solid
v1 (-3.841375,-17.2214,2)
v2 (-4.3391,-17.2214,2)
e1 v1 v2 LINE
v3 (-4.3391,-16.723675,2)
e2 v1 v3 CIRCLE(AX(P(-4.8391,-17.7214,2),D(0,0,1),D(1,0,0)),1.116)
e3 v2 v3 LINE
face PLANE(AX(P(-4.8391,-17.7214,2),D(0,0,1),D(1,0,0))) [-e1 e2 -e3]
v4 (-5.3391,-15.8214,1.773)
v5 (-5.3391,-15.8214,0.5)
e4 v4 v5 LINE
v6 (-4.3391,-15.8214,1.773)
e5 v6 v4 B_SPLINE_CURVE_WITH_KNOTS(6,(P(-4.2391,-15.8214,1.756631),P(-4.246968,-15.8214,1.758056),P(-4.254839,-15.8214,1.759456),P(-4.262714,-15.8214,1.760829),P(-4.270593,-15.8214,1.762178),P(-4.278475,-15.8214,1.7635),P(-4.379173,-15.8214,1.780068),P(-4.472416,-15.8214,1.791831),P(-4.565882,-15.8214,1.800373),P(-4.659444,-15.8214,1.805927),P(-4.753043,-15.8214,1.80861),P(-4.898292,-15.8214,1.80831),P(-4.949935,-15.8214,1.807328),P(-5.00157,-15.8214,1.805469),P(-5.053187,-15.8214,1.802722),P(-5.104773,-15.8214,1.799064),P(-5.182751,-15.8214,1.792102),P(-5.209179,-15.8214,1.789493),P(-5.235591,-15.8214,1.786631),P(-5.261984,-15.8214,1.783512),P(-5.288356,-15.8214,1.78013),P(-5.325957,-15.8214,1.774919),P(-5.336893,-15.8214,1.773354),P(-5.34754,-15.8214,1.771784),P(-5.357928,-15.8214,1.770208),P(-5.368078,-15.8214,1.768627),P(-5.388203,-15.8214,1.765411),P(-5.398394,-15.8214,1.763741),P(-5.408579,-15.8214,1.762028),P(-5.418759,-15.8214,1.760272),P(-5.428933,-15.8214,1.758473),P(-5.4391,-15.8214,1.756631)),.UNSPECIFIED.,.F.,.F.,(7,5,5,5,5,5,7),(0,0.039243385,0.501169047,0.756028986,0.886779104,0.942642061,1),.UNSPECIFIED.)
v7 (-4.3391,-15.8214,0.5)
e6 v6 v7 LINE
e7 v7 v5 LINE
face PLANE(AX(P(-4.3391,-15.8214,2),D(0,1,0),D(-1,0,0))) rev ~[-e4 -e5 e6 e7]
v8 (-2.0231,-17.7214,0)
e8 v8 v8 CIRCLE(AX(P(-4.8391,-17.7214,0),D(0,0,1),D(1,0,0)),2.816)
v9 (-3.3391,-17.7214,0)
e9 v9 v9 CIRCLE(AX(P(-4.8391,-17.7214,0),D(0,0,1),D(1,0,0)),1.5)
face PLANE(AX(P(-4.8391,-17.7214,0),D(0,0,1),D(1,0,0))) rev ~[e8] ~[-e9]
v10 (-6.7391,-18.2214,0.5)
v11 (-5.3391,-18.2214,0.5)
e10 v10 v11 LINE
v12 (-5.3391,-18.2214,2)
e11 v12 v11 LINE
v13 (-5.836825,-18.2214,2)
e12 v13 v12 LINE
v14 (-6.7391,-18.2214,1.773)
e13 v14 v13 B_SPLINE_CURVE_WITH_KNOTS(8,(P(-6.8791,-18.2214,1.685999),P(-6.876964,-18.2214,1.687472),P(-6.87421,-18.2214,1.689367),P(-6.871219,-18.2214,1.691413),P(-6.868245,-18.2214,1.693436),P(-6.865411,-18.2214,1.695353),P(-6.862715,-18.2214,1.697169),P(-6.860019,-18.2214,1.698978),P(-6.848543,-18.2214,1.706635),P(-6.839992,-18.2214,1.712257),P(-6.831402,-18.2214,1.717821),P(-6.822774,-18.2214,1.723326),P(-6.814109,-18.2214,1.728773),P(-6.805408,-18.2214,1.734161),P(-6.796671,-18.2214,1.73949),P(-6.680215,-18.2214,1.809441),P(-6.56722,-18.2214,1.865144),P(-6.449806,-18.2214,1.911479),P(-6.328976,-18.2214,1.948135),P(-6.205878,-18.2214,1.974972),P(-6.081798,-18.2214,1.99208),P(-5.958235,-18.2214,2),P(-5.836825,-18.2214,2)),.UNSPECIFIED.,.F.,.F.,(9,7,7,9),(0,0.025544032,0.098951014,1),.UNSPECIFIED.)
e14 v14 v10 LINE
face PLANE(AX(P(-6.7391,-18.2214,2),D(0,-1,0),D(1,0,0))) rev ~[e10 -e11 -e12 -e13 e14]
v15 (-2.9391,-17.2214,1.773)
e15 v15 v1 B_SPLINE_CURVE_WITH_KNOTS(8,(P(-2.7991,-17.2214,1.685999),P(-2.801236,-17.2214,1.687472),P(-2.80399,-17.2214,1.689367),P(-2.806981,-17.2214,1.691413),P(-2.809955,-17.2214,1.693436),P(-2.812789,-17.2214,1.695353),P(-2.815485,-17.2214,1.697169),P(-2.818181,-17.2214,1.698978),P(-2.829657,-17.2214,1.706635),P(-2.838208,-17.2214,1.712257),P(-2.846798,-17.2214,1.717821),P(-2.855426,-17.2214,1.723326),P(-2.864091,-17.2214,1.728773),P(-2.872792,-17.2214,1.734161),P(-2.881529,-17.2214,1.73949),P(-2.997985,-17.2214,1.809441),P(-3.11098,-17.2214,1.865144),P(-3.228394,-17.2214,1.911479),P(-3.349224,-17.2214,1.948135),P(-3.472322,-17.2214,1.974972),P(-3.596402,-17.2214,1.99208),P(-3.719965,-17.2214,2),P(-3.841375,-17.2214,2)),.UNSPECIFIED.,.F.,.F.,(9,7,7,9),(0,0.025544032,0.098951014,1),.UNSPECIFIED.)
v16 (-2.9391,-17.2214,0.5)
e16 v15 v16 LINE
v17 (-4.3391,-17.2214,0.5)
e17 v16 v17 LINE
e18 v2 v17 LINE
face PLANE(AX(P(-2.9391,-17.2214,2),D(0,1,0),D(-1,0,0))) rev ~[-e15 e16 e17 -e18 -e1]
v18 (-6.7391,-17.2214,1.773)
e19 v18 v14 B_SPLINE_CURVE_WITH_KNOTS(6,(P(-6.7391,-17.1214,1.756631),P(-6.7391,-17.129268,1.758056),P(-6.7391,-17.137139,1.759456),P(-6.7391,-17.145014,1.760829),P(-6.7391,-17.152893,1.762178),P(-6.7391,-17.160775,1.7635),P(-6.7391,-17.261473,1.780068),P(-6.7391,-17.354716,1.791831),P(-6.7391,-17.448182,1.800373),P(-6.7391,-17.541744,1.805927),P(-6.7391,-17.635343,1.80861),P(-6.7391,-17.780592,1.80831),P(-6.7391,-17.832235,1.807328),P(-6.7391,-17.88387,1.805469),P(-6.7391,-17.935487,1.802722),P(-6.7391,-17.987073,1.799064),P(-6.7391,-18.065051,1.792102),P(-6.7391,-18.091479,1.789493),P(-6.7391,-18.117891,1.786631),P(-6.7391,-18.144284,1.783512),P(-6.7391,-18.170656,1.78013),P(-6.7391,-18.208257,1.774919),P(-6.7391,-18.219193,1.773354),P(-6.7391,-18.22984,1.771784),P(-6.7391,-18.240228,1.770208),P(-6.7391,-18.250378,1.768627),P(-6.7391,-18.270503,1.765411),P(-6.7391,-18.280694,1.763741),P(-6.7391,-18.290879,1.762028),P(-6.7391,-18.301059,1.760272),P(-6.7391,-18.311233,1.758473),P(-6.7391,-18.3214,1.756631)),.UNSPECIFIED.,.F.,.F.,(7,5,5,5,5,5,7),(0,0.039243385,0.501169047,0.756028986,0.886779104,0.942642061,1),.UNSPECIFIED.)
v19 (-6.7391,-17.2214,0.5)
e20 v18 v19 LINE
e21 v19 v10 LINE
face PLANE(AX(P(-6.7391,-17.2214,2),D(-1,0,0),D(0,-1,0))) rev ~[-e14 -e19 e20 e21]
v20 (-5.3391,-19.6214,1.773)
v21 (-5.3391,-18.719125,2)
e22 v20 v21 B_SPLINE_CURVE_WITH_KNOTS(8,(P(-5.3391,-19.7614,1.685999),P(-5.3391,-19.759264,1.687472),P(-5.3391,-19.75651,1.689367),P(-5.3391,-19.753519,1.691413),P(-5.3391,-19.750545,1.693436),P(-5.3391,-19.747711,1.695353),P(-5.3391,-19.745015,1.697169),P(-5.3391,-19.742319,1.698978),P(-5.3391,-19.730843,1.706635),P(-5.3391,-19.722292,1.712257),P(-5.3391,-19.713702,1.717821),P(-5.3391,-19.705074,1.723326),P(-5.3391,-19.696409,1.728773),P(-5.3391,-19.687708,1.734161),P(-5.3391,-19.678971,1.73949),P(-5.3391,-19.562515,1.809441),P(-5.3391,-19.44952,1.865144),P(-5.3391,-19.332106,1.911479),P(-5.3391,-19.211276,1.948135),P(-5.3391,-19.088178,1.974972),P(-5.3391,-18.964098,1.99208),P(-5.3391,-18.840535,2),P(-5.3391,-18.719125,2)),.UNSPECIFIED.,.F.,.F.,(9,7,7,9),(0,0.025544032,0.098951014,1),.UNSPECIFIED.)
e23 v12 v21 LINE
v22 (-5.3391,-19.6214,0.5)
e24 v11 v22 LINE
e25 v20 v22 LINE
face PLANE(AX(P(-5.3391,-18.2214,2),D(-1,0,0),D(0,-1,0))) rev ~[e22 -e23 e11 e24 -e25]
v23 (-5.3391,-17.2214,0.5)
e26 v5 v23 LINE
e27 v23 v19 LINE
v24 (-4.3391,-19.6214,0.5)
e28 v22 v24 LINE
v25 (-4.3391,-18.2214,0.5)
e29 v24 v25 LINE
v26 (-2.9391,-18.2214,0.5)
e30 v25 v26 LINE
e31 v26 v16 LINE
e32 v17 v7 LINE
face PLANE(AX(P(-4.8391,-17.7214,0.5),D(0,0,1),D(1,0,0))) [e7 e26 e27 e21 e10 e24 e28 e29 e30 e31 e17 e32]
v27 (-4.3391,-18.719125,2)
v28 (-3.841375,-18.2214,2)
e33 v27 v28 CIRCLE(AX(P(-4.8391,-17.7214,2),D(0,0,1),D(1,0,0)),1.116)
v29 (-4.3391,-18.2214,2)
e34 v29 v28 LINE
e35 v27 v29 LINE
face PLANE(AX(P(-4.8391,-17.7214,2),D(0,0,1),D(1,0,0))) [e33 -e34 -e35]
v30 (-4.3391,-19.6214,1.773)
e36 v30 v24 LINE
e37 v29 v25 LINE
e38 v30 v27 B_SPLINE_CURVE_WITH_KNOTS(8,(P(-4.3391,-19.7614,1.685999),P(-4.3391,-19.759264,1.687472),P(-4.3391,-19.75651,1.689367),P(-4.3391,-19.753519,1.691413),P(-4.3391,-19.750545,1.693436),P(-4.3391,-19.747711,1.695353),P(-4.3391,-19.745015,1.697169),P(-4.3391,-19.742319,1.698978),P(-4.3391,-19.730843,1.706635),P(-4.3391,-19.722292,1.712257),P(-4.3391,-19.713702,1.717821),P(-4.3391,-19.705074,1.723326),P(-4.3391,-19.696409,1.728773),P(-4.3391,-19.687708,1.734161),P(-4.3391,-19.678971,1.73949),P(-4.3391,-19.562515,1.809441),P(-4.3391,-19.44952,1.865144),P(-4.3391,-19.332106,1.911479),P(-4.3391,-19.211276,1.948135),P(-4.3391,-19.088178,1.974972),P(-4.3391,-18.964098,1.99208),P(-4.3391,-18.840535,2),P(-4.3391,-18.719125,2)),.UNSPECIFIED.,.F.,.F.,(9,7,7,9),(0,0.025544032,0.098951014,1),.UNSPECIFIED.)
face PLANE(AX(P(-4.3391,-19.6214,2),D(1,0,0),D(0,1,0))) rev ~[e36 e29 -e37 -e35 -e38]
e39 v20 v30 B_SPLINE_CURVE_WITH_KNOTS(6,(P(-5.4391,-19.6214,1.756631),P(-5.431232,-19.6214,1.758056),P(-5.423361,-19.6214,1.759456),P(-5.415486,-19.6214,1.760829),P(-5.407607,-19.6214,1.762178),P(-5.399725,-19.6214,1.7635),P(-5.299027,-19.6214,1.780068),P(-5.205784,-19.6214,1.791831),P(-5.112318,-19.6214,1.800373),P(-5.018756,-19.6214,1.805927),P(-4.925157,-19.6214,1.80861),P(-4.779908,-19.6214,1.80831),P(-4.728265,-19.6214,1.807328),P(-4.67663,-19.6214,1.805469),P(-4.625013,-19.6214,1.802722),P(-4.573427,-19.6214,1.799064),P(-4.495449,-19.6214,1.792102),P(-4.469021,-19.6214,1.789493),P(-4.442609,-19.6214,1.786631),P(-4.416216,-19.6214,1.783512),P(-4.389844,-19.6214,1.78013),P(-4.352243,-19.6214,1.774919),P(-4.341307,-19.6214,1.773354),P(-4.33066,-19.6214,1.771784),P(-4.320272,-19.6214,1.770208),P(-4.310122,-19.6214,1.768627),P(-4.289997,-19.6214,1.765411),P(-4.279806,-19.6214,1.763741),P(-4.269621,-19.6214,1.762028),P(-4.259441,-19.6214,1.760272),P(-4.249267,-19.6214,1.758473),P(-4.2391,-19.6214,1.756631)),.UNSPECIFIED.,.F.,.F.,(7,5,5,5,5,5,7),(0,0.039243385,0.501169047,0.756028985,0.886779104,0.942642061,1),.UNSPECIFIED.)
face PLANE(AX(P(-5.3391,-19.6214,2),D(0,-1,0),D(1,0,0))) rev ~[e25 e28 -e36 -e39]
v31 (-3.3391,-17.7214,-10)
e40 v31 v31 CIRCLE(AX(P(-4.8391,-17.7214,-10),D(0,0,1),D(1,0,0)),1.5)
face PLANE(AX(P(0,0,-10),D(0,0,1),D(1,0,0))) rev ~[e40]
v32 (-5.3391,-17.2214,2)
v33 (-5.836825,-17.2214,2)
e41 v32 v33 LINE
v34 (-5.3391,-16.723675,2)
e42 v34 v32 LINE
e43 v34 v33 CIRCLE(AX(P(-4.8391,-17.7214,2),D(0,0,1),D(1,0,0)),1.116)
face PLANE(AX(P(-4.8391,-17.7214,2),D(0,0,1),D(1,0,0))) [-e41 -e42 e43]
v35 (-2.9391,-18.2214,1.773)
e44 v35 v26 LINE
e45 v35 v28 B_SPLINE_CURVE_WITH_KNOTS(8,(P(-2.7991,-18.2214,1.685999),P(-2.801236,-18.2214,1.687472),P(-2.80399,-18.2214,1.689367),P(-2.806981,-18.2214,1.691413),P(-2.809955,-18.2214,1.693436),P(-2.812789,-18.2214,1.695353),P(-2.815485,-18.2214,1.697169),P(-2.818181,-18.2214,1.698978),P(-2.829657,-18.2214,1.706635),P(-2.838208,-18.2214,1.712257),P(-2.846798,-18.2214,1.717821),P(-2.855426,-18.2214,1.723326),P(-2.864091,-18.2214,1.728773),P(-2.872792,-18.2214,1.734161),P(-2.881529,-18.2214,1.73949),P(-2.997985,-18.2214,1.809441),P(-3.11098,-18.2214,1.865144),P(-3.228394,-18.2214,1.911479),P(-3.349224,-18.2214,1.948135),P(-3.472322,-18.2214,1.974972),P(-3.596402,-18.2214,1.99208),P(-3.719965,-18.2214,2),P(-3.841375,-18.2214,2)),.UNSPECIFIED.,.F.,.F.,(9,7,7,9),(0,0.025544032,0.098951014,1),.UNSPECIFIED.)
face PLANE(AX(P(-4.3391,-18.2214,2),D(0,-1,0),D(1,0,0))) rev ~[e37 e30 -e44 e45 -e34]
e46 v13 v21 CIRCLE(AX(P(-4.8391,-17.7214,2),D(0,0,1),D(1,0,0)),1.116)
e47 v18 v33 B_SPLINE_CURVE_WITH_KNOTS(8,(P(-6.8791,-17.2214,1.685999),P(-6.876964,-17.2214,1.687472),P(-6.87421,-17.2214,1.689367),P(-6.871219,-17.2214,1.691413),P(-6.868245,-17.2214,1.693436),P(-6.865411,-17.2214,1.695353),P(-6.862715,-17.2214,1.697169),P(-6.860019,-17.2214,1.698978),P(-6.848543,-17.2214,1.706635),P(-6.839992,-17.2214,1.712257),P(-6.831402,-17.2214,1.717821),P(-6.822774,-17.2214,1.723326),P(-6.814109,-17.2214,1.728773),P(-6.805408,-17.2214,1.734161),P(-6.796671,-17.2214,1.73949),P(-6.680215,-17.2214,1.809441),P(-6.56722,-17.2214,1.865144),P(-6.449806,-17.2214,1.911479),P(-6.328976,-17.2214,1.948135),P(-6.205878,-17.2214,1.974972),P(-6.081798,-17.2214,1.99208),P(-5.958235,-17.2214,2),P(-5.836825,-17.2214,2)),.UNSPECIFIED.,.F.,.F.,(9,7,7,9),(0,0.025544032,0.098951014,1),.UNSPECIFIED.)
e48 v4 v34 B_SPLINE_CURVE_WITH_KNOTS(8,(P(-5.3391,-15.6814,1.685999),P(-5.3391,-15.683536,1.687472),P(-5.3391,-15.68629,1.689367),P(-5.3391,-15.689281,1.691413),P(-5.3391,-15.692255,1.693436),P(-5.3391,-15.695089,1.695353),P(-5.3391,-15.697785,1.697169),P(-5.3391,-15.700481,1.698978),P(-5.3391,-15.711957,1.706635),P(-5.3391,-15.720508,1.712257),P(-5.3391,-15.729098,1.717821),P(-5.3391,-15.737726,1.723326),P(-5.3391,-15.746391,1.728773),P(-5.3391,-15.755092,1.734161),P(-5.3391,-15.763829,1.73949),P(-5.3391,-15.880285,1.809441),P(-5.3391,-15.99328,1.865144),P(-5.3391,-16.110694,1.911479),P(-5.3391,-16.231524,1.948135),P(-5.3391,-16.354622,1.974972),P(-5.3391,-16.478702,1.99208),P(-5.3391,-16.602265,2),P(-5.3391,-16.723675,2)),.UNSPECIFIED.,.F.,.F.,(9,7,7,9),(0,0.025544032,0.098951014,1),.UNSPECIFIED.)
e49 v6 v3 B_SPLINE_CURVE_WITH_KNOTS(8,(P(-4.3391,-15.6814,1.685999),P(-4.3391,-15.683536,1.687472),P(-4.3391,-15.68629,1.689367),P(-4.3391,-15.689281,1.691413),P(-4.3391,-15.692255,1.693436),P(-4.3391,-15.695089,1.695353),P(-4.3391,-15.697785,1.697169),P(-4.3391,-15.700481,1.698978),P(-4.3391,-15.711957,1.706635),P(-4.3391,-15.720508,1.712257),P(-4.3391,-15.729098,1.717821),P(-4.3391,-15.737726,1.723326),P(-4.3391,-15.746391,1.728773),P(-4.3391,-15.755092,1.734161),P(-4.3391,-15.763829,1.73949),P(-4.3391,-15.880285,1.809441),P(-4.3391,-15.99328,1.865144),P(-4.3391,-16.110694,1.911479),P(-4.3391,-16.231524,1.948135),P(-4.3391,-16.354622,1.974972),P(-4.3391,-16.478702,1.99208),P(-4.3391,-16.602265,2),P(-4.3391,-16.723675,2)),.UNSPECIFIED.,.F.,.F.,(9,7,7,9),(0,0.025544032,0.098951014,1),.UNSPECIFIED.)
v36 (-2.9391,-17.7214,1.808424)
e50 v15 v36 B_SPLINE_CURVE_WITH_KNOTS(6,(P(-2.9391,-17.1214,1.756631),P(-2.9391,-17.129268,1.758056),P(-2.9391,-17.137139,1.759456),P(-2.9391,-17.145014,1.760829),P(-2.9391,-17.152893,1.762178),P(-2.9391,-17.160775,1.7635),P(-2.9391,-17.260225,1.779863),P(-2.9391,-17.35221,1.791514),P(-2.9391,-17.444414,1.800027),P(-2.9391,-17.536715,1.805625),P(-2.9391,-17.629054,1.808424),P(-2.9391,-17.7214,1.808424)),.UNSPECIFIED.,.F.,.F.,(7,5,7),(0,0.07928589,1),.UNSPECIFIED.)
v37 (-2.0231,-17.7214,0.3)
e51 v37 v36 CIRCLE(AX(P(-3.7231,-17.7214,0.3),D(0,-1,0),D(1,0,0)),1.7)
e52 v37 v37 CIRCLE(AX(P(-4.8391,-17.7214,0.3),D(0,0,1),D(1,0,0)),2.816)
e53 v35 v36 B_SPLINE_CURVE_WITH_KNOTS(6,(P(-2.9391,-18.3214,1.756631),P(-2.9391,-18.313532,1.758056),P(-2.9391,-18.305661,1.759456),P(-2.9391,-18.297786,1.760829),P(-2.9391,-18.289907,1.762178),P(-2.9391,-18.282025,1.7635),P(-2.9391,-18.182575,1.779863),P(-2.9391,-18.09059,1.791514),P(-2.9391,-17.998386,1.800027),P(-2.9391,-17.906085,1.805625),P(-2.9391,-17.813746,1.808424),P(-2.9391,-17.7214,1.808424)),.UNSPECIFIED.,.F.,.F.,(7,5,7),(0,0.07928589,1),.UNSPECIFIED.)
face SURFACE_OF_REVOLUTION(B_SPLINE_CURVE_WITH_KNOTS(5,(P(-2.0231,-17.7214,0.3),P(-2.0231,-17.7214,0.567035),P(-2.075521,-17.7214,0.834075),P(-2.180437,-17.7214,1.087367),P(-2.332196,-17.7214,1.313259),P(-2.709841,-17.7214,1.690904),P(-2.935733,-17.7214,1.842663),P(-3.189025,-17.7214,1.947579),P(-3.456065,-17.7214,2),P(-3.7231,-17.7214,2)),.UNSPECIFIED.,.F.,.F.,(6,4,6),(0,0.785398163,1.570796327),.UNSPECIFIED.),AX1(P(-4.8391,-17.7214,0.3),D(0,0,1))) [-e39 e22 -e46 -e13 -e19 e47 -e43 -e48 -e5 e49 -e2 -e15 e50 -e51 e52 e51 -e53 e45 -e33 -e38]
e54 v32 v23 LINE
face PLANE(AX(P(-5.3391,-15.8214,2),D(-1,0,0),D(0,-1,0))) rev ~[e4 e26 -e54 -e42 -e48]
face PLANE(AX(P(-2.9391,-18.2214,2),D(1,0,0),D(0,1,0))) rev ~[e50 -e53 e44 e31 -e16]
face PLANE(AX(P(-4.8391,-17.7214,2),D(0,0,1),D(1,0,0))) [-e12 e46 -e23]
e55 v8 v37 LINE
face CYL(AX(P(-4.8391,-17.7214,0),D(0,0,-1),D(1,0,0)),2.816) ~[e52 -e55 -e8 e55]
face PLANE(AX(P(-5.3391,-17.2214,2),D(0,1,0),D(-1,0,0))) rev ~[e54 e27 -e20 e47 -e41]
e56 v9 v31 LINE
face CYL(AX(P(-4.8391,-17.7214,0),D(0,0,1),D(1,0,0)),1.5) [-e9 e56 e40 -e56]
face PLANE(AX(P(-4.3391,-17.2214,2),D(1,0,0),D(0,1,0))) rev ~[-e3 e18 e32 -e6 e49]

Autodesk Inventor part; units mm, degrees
ref_plane "YZ Plane" through (0, 0, 0) normal (1, 0, 0) x (0, 1, 0)
ref_plane "XZ Plane" through (0, 0, 0) normal (0, 1, 0) x (-1, 0, 0)
ref_plane "XY Plane" through (0, 0, 0) normal (0, 0, 1) x (1, 0, 0)
sketch "Эскиз1" plane through (0, 0, 0) normal (0, 0, 1) x (1, 0, 0)
  circle A0 centre (-4.8391, -17.7214) radius 1.5
  point P0 (0, 0)
extrude "Выдавливание1" add sketch "Эскиз1" against normal blind 10
sketch "Эскиз2" plane through (-4.8391, -17.7214, 0) normal (0, 0, 1) x (1, 0, 0)
  circle A0 centre (0, 0) radius 2.816
  point P0 (4.8391, 17.7214)
extrude "Выдавливание2" add sketch "Эскиз2" along normal blind 2
fillet "Сопряжение1" radius 1.7 1 edges at (-7.6551, -17.7214, 2)
sketch "Эскиз3" plane through (-4.8391, -17.7214, 2) normal (0, 0, 1) x (1, 0, 0)
  line L0 (-0.5, -1.9) -> (0.5, -1.9)
  line L1 (0.5, 1.9) -> (-0.5, 1.9)
  line L2 (1.9, -0.5) -> (1.9, 0.5)
  line L3 (-1.9, 0.5) -> (-1.9, -0.5)
  line L4 (-0.5, 1.9) -> (-0.5, 0.5)
  line L5 (-0.5, -0.5) -> (-0.5, -1.9)
  line L6 (1.9, 0.5) -> (0.5, 0.5)
  line L7 (-0.5, 0.5) -> (-1.9, 0.5)
  line L8 (0.5, -1.9) -> (0.5, -0.5)
  line L9 (0.5, 0.5) -> (0.5, 1.9)
  line L10 (-1.9, -0.5) -> (-0.5, -0.5)
  line L11 (0.5, -0.5) -> (1.9, -0.5)
  point P0 (4.8391, 17.7214)
  point P1 (0, 0)
extrude "Выдавливание3" cut sketch "Эскиз3" against normal blind 1.5
thread "Резьба1" size "M3x0.5" class "6g" standard "ANSI Metric M Profile" full length
properties part number "Винт М3х10"
